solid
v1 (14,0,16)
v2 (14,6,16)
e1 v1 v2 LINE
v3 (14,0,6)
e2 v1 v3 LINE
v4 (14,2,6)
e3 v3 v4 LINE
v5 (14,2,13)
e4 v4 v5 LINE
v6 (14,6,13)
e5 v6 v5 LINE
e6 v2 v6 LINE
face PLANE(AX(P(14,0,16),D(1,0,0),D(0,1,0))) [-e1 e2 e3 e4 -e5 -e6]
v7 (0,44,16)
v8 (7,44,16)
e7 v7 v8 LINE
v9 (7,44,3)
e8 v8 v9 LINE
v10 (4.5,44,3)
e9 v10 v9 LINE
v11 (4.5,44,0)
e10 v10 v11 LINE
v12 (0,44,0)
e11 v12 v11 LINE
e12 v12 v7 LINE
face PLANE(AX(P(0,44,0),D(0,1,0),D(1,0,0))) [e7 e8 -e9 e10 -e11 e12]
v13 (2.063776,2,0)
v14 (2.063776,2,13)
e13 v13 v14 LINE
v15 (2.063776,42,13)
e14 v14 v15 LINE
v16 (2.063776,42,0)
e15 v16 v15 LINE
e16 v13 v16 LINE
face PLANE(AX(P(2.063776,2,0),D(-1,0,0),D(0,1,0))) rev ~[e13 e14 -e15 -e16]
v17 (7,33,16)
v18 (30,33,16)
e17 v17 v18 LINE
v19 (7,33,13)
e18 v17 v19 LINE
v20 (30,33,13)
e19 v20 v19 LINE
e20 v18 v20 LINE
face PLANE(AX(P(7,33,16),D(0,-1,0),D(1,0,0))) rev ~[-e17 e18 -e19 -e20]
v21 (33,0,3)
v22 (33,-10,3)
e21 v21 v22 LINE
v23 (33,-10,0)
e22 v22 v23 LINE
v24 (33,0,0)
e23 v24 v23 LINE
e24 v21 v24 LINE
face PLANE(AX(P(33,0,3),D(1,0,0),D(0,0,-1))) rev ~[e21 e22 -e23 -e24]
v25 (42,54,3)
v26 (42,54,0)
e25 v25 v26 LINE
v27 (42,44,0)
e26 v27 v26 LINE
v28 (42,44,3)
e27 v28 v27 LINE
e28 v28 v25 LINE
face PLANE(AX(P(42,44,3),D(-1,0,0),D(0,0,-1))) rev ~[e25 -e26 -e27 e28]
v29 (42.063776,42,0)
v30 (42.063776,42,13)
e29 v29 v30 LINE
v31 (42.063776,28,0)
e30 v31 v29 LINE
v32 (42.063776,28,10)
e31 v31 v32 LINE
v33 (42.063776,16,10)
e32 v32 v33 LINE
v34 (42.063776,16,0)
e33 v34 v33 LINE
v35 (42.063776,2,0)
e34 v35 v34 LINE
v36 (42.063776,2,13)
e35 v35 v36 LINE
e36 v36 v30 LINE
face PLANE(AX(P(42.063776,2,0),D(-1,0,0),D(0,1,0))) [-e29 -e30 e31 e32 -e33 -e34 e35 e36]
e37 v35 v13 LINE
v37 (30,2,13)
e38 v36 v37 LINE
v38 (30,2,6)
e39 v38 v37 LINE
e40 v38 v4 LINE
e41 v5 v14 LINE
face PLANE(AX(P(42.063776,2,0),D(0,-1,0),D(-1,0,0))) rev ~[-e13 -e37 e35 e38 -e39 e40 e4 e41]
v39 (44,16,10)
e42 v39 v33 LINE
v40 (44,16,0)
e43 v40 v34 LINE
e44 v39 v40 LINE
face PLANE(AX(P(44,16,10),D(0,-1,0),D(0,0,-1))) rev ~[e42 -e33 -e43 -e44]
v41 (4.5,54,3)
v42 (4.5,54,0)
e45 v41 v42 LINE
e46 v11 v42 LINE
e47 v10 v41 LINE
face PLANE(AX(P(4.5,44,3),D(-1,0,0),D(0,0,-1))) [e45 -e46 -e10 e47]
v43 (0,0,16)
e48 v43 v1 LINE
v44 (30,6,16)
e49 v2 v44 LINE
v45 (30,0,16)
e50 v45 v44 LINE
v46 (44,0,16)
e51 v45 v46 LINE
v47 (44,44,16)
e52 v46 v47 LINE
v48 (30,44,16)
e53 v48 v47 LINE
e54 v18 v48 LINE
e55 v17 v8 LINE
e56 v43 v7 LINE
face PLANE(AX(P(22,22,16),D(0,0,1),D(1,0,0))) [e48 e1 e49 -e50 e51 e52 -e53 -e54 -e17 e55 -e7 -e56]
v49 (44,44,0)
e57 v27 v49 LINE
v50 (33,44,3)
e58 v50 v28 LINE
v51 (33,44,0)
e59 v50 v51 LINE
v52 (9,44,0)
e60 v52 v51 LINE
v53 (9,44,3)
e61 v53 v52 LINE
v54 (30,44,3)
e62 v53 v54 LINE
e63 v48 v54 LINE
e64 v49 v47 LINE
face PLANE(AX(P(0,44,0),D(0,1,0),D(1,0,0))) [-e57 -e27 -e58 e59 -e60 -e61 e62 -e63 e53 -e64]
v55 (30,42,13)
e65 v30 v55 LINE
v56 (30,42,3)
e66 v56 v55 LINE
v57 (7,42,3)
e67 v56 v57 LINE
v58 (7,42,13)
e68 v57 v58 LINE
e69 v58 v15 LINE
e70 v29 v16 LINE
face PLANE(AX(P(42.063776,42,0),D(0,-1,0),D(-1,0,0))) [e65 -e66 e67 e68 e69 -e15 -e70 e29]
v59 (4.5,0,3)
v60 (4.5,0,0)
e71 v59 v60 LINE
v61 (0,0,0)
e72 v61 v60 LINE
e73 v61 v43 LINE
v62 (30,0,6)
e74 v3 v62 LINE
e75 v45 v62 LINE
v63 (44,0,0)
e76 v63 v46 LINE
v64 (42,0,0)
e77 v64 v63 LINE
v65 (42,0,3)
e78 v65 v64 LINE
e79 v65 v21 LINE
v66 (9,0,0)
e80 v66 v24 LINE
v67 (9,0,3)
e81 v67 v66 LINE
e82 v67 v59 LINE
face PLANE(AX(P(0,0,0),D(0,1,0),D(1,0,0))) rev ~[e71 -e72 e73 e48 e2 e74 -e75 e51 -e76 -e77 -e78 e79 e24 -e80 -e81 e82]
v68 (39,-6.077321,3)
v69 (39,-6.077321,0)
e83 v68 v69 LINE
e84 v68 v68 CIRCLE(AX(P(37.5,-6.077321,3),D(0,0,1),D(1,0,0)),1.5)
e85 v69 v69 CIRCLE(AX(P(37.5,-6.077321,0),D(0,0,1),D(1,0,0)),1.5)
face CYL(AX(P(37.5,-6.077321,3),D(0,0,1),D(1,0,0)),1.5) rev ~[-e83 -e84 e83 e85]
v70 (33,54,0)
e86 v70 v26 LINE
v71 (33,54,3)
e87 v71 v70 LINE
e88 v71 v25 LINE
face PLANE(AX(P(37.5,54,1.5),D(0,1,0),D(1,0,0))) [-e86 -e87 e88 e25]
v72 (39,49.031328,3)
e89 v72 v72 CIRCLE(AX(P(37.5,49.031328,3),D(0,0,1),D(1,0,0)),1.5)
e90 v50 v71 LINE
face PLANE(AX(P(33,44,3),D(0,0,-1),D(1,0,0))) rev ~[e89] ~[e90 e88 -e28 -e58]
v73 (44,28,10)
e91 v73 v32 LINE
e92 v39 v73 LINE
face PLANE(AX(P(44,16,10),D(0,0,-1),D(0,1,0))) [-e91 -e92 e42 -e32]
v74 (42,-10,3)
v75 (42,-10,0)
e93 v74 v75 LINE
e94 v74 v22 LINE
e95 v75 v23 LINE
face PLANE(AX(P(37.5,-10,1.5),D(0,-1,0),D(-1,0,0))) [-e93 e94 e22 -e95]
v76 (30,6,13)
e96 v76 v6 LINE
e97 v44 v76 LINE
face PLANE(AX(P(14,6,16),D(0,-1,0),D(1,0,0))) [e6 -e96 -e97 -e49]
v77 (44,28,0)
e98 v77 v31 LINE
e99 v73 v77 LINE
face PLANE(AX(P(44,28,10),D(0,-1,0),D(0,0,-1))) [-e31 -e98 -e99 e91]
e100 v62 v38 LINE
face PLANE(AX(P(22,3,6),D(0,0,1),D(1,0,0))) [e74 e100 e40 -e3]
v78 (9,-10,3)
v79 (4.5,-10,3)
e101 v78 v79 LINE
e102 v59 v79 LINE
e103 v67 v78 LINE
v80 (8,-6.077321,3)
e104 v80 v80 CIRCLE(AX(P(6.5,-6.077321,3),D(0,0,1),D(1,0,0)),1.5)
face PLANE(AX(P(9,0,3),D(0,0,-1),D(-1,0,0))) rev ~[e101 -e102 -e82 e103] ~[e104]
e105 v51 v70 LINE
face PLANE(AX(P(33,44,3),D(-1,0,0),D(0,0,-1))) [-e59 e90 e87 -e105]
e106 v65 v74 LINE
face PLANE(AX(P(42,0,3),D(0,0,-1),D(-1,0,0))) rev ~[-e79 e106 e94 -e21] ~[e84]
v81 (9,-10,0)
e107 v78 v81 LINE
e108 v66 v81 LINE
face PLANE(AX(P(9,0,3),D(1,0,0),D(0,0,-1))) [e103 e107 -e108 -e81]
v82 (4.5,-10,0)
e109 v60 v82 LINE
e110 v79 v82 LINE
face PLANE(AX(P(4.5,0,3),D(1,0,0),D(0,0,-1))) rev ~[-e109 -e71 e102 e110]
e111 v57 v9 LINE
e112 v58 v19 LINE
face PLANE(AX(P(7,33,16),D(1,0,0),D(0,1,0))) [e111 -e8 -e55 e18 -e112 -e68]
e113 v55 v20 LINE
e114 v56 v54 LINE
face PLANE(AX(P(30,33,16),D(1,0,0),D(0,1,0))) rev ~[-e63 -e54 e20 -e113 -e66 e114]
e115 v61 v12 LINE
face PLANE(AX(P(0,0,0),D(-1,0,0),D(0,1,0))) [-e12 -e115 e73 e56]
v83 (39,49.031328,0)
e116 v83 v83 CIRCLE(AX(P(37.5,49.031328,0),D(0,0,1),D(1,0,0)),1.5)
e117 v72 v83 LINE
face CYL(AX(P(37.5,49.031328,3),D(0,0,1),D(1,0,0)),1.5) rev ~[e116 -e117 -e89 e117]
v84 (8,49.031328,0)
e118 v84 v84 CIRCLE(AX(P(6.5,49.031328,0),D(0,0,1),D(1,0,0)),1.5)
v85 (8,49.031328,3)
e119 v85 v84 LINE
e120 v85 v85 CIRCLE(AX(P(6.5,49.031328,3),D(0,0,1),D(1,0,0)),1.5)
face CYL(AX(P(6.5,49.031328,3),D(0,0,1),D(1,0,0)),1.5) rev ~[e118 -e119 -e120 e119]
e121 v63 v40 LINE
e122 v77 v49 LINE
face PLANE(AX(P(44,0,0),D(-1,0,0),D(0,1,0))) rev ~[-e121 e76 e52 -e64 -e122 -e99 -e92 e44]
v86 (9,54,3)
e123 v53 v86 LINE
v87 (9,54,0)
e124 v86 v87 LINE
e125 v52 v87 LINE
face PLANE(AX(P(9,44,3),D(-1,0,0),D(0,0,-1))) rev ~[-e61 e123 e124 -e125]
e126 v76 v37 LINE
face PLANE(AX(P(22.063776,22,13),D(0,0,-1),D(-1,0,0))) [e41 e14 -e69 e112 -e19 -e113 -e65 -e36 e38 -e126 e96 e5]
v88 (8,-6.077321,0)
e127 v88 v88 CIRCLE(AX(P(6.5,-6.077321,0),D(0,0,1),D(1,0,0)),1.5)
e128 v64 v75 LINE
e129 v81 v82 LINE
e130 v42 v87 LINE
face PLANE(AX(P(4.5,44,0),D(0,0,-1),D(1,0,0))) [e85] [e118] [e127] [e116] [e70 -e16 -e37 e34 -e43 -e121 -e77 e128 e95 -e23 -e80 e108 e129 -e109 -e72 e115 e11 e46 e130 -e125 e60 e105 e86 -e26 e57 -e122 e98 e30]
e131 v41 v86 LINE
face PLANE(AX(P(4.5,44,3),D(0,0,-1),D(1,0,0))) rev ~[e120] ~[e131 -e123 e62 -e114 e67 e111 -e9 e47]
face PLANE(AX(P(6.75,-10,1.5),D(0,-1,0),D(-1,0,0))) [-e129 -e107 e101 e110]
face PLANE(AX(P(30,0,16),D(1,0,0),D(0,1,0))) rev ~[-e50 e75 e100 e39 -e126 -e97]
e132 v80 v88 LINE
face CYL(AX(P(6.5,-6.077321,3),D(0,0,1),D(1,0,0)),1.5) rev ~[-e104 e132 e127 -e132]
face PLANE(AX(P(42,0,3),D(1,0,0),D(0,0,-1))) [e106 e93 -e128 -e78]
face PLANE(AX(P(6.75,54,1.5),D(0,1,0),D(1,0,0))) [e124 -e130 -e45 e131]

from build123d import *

# Parameters (mm, degrees)
SKETCH1_W           = 44
SKETCH1_H           = 44
BOSS_EXTRUDE1_DEPTH = 16
SKETCH3_W           = 40
SKETCH3_H           = 40
CUT_EXTRUDE1_DEPTH  = 13
SKETCH5_W           = 23
SKETCH5_H           = 11
CUT_EXTRUDE2_DEPTH  = 13
SKETCH6_W           = 16
SKETCH6_H           = 6
CUT_EXTRUDE3_DEPTH  = 10
SKETCH7_W           = 10
SKETCH7_H           = 12
CUT_EXTRUDE4_DEPTH  = 5
SKETCH8_W           = 4.5
SKETCH8_H           = 3
SKETCH8_W_2         = 9
BOSS_EXTRUDE2_DEPTH = 10
SKETCH9_R           = 1.5
CUT_EXTRUDE5_DEPTH  = 10
SKETCH10_W          = 9
SKETCH10_H          = 3
SKETCH10_W_2        = 4.5
BOSS_EXTRUDE3_DEPTH = 10
SKETCH11_R          = 1.5
CUT_EXTRUDE6_DEPTH  = 10


with BuildPart() as part:
    # Sketch1 → Boss-Extrude1 (new body)
    with BuildSketch(Plane.XY):
        with Locations((22, 22)):
            Rectangle(SKETCH1_W, SKETCH1_H)
    extrude(amount=BOSS_EXTRUDE1_DEPTH)

    # Sketch3 → Cut-Extrude1 (cut)
    with BuildSketch(Plane(origin=(0, 0, 0), x_dir=(-1, 0, 0), z_dir=(0, 0, -1))):
        with Locations((-22.063776274, 22)):
            Rectangle(SKETCH3_W, SKETCH3_H)
    extrude(amount=-CUT_EXTRUDE1_DEPTH, mode=Mode.SUBTRACT)

    # Sketch5 → Cut-Extrude2 (cut)
    with BuildSketch(Plane.XY.offset(16)):
        with Locations((18.5, 38.5)):
            Rectangle(SKETCH5_W, SKETCH5_H)
    extrude(amount=-CUT_EXTRUDE2_DEPTH, mode=Mode.SUBTRACT)

    # Sketch6 → Cut-Extrude3 (cut)
    with BuildSketch(Plane.XY.offset(16)):
        with Locations((22, 3)):
            Rectangle(SKETCH6_W, SKETCH6_H)
    extrude(amount=-CUT_EXTRUDE3_DEPTH, mode=Mode.SUBTRACT)

    # Sketch7 → Cut-Extrude4 (cut)
    with BuildSketch(Plane(origin=(44, 0, 0), x_dir=(0, 0, -1), z_dir=(1, 0, 0))):
        with Locations((-5, 22)):
            Rectangle(SKETCH7_W, SKETCH7_H)
    extrude(amount=-CUT_EXTRUDE4_DEPTH, mode=Mode.SUBTRACT)

    # Sketch8 → Boss-Extrude2 (add)
    with BuildSketch(Plane(origin=(0, 0, 0), x_dir=(-1, 0, 0), z_dir=(0, -1, 0))):
        with Locations((-6.75, -1.5)):
            Rectangle(SKETCH8_W, SKETCH8_H)
        with Locations((-37.5, -1.5)):
            Rectangle(SKETCH8_W_2, SKETCH8_H)
    extrude(amount=BOSS_EXTRUDE2_DEPTH)

    # Sketch9 → Cut-Extrude5 (cut)
    with BuildSketch(Plane.XY.offset(3)):
        with Locations((6.5, -6.077320914)):
            Circle(SKETCH9_R)
        with Locations((37.5, -6.077320914)):
            Circle(SKETCH9_R)
    extrude(amount=-CUT_EXTRUDE5_DEPTH, mode=Mode.SUBTRACT)

    # Sketch10 → Boss-Extrude3 (add)
    with BuildSketch(Plane(origin=(0, 44, 0), x_dir=(1, 0, 0), z_dir=(0, 1, 0))):
        with Locations((37.5, -1.5)):
            Rectangle(SKETCH10_W, SKETCH10_H)
        with Locations((6.75, -1.5)):
            Rectangle(SKETCH10_W_2, SKETCH10_H)
    extrude(amount=BOSS_EXTRUDE3_DEPTH)

    # Sketch11 → Cut-Extrude6 (cut)
    with BuildSketch(Plane.XY.offset(3)):
        with Locations((37.5, 49.031327524)):
            Circle(SKETCH11_R)
        with Locations((6.5, 49.031327524)):
            Circle(SKETCH11_R)
    extrude(amount=-CUT_EXTRUDE6_DEPTH, mode=Mode.SUBTRACT)


solid = part.part
